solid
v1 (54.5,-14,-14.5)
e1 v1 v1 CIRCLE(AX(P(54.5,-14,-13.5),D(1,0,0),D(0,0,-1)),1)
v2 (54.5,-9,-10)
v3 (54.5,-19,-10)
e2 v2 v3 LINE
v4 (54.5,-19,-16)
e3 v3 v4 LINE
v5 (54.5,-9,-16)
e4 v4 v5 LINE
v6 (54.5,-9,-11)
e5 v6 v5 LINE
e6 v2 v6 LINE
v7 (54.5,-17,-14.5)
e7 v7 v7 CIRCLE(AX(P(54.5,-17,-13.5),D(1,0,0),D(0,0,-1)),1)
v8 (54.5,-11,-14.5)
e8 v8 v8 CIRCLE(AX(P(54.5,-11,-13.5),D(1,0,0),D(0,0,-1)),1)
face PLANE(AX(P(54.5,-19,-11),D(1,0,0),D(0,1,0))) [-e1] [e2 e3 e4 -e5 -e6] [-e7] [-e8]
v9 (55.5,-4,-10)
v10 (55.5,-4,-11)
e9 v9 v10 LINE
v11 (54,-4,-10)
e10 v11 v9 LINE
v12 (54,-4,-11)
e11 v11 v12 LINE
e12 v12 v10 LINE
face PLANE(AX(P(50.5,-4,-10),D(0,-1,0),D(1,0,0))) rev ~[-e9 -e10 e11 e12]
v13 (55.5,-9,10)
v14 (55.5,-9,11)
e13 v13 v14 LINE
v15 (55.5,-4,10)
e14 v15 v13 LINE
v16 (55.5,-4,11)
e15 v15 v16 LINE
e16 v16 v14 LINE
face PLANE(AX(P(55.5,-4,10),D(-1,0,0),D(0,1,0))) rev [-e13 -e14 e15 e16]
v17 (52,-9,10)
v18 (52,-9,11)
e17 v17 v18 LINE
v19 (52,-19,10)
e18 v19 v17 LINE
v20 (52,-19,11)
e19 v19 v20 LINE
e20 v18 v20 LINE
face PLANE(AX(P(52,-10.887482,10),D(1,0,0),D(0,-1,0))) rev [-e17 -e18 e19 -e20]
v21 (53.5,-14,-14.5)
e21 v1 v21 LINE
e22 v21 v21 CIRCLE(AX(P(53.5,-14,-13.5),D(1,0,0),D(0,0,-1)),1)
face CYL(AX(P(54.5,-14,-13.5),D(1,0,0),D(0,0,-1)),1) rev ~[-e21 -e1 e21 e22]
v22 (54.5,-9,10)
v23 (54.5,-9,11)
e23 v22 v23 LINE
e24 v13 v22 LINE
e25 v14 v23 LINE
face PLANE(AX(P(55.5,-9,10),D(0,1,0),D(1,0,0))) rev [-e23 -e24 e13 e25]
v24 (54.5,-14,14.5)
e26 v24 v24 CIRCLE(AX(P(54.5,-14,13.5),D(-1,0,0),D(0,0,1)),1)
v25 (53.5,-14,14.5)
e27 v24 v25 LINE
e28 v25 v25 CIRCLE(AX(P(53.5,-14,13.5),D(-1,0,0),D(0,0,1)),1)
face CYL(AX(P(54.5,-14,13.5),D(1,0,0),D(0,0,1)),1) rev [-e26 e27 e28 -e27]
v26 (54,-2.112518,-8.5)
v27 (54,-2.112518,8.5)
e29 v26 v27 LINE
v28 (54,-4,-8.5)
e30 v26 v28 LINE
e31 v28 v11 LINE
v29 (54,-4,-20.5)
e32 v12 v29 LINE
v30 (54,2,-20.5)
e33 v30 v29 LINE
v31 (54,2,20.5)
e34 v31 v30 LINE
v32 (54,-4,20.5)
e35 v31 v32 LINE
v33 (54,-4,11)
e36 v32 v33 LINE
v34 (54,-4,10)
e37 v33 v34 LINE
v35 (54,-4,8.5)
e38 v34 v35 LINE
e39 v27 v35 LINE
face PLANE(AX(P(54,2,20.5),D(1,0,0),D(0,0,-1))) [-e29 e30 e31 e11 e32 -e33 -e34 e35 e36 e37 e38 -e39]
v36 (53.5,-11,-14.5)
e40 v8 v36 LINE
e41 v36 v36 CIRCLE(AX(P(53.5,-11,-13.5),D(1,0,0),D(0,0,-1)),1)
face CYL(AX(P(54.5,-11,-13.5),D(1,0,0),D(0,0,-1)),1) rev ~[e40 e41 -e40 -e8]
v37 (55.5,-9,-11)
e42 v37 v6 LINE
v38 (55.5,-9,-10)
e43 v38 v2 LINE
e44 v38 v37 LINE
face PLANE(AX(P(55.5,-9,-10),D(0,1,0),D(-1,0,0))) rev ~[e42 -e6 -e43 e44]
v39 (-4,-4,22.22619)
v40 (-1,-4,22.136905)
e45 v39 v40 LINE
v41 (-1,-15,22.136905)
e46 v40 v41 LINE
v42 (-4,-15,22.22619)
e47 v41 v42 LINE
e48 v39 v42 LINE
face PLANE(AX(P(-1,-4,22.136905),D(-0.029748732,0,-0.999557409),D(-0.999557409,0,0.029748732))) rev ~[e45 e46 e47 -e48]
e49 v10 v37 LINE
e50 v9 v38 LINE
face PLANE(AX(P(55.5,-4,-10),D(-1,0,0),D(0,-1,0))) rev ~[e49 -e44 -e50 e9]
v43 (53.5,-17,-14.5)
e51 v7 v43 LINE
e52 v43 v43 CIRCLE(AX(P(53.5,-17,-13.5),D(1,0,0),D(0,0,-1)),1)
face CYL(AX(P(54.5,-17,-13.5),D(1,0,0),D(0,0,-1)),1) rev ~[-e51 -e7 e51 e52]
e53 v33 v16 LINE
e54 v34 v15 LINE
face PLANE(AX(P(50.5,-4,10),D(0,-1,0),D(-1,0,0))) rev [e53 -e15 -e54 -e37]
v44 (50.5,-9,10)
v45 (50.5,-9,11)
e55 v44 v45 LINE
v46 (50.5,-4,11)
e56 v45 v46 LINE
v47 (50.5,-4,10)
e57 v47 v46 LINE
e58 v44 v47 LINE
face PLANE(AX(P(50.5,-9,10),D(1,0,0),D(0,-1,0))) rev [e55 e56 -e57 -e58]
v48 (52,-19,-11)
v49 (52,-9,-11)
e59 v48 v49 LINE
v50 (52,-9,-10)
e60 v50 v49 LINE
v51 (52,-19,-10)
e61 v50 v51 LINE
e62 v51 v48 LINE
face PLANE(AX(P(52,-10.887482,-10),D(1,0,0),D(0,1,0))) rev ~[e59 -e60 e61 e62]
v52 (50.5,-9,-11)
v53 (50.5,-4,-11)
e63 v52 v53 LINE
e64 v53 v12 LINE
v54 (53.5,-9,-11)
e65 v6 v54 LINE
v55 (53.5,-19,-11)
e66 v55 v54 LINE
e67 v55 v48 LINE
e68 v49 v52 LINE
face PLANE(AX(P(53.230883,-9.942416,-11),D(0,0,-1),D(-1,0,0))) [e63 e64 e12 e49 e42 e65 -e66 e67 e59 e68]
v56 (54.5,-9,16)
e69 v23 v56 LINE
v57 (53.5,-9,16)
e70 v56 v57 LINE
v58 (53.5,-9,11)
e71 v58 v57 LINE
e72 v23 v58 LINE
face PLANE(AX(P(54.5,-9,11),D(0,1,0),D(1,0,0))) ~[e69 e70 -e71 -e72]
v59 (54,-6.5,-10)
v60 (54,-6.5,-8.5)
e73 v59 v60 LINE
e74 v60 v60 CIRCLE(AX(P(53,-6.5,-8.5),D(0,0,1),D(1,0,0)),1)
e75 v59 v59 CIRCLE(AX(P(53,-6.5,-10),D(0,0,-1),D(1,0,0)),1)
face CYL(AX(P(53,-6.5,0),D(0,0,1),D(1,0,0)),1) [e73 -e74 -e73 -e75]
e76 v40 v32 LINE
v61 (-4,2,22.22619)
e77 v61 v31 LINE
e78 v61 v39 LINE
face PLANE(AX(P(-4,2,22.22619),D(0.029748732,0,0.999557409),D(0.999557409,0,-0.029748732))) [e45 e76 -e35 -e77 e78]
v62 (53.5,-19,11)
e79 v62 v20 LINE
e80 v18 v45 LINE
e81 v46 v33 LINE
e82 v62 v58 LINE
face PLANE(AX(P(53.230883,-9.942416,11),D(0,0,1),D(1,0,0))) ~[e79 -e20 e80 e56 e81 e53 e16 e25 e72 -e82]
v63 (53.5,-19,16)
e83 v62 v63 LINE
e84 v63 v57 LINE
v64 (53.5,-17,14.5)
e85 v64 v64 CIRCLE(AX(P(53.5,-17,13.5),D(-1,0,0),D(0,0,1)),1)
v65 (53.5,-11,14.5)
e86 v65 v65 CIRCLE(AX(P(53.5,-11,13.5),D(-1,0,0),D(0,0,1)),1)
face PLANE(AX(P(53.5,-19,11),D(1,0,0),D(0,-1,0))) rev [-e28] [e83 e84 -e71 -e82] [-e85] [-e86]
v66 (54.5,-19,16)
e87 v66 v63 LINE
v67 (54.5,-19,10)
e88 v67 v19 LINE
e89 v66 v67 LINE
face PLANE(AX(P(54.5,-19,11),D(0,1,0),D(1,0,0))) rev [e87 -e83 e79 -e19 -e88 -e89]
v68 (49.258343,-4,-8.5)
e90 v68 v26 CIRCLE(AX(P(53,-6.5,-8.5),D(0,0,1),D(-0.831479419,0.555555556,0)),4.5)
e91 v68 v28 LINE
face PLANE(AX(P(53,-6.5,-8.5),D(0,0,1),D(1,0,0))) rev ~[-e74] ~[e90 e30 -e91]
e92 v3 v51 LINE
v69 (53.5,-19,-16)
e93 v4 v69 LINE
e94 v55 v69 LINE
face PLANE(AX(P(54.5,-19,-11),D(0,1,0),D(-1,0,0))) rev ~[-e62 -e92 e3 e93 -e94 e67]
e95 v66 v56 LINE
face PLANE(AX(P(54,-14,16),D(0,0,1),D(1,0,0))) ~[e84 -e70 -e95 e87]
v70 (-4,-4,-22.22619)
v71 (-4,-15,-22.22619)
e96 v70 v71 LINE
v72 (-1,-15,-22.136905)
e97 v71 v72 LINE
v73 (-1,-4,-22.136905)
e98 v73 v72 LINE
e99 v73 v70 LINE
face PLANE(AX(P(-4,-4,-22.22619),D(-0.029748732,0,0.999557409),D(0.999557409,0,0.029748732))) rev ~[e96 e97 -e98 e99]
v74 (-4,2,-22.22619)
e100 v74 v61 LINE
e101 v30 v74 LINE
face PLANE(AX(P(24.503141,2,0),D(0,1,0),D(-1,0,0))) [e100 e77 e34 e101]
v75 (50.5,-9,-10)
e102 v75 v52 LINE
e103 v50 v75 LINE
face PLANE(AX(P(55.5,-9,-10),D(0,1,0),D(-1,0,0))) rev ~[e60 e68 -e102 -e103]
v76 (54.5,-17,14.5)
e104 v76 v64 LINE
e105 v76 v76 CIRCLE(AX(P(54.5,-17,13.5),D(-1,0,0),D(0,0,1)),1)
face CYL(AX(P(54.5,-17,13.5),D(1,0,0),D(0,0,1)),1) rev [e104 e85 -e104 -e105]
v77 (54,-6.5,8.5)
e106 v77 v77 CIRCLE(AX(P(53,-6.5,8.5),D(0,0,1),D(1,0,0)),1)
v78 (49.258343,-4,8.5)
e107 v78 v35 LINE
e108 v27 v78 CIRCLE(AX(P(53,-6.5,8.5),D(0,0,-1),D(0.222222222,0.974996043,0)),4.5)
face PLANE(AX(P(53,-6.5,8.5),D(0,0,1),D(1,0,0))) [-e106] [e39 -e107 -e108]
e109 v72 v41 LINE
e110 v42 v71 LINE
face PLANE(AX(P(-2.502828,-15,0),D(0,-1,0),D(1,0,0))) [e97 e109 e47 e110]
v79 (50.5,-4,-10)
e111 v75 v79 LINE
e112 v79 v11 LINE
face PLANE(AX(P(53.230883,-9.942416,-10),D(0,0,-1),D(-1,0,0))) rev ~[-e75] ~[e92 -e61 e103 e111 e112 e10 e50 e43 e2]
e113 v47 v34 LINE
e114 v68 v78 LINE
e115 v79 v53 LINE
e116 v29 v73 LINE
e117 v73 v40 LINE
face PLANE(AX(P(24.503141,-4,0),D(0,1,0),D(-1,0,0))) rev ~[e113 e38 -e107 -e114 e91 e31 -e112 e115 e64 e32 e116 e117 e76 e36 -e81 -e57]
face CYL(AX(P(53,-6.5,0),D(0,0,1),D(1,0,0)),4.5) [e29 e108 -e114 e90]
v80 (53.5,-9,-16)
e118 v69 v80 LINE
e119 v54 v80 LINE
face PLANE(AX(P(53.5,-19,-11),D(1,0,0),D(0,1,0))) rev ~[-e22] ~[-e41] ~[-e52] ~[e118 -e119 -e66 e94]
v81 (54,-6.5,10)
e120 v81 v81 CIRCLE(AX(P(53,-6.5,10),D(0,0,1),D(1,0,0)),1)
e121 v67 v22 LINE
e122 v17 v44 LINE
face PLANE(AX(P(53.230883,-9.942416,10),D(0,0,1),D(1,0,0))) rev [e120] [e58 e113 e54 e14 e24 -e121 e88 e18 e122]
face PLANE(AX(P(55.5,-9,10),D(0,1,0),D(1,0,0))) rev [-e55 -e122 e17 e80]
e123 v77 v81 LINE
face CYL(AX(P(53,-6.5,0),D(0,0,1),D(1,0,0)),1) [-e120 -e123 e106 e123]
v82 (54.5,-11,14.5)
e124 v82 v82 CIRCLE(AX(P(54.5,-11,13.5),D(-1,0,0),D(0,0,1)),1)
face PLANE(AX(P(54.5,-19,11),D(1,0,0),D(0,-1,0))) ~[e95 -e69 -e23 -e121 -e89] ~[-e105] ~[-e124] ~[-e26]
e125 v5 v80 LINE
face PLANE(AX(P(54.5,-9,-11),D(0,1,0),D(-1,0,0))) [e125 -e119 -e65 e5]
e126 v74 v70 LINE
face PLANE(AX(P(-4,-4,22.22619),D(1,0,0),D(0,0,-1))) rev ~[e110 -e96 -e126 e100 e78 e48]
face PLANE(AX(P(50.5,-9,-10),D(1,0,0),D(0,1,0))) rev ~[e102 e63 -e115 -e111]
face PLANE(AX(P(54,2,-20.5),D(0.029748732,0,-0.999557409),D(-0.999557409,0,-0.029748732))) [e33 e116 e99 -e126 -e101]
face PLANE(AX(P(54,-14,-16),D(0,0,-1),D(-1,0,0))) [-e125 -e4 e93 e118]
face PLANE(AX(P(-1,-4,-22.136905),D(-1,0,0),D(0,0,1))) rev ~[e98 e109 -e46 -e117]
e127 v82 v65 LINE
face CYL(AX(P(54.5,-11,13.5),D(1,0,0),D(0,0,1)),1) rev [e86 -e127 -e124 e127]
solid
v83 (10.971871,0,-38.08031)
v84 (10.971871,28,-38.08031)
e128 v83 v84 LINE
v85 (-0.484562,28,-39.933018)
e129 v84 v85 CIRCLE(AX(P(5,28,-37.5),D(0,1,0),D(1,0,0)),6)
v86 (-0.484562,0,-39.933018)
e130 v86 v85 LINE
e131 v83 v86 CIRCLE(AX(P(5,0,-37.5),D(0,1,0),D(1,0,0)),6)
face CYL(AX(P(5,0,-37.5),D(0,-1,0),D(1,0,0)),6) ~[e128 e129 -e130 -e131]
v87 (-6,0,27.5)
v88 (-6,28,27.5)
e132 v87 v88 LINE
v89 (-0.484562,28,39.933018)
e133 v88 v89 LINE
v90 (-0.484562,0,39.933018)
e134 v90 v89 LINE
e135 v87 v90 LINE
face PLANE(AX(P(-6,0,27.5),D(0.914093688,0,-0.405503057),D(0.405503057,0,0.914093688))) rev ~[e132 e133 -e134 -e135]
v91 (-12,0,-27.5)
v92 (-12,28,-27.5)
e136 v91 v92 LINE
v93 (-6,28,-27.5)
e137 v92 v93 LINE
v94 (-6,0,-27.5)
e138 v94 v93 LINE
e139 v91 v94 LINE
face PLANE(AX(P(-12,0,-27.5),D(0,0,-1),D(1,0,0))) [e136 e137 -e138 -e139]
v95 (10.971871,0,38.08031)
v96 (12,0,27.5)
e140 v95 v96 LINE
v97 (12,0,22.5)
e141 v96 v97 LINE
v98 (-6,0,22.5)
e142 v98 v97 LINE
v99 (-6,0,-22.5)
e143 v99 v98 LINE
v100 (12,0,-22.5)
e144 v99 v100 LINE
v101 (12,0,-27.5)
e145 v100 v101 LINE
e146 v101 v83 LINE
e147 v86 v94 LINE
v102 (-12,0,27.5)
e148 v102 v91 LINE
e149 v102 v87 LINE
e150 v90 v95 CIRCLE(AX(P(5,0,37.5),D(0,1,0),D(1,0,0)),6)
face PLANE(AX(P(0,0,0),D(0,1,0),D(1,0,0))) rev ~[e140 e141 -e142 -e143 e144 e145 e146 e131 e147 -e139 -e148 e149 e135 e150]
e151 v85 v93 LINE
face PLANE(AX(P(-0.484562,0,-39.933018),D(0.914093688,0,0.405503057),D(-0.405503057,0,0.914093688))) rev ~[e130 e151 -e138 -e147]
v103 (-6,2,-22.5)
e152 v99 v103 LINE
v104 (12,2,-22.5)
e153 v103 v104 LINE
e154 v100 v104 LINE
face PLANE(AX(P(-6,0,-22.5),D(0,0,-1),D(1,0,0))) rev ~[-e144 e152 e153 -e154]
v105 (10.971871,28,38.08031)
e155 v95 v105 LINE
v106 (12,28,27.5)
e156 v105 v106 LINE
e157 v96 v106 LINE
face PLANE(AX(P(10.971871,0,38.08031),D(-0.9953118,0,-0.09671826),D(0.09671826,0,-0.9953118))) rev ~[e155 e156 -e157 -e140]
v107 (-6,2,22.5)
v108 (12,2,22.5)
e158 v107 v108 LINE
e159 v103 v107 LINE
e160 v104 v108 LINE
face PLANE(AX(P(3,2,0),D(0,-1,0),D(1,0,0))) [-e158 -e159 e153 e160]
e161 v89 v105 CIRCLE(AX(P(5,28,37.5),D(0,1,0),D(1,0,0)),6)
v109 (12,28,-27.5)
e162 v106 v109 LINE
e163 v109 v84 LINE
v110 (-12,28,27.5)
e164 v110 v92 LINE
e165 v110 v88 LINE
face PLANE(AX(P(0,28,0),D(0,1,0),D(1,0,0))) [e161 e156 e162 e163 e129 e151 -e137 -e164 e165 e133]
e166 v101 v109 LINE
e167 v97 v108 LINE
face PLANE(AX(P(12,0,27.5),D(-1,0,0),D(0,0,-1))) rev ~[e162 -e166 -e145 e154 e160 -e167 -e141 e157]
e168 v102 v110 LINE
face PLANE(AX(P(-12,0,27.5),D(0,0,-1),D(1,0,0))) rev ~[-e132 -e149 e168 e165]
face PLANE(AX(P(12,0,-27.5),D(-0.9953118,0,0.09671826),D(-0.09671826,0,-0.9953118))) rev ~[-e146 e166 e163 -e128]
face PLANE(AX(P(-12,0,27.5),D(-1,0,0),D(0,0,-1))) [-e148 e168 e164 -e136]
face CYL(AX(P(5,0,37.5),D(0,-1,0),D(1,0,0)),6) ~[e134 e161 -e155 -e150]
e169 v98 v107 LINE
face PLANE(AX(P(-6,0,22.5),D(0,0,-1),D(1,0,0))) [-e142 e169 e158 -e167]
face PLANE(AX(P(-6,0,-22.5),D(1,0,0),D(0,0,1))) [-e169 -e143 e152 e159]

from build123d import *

# Parameters (mm, degrees)
SKETCH_1_W          = 24
SKETCH_1_H          = 55
SKETCH_1_R          = 6
EXTRUDE_1_DEPTH     = 28
SKETCH_2_W          = 18
SKETCH_2_H          = 45
CUT_EXTRUDE_1_DEPTH = 2
EXTRUDE_2_DEPTH     = 6
EXTRUDE_3_DEPTH     = 11
SKETCH_5_R          = 4.5
EXTRUDE_4_DEPTH     = 8.5
SKETCH_7_R          = 1
EXTRUDE_5_DEPTH     = 11
EXTRUDE_START       = 1.5
SKETCH_8_R          = 1
EXTRUDE_6_DEPTH     = 1
SKETCH_9_W          = 1
SKETCH_9_H          = 10
EXTRUDE_7_DEPTH     = 5
SKETCH_10_R         = 1
CUT_EXTRUDE_2_DEPTH = 1


with BuildPart() as part:
    # Эскиз1 → Бобышка-Вытянуть1 (new body)
    with BuildSketch(Plane(origin=(0, 0, 0), x_dir=(1, 0, 0), z_dir=(0, 1, 0))):
        Rectangle(SKETCH_1_W, SKETCH_1_H)
        with Locations((5, 37.5)):
            Circle(SKETCH_1_R)
        with BuildLine():
            Line((10.971870797, -38.080309558), (12, -27.5))
            Line((12, -27.5), (-6, -27.5))
            Line((-6, -27.5), (-0.484562129, -39.933018342))
            ThreePointArc((-0.484562129, -39.933018342), (3.75649141, -31.630273738), (11, -37.5))
            ThreePointArc((11, -37.5), (10.992963573, -37.790495454), (10.971870797, -38.080309558))
        make_face()
        with Locations((5, -37.5)):
            Circle(SKETCH_1_R)
        with BuildLine():
            Line((-6, 27.5), (12, 27.5))
            Line((12, 27.5), (10.971870797, 38.080309558))
            ThreePointArc((10.971870797, 38.080309558), (10.992963573, 37.790495454), (11, 37.5))
            ThreePointArc((11, 37.5), (3.75649141, 31.630273738), (-0.484562129, 39.933018342))
            Line((-0.484562129, 39.933018342), (-6, 27.5))
        make_face()
    extrude(amount=EXTRUDE_1_DEPTH)

    # Эскиз2 → Вырез-Вытянуть1 (cut)
    with BuildSketch(Plane.XZ):
        with Locations((3, 0)):
            Rectangle(SKETCH_2_W, SKETCH_2_H)
    extrude(amount=-CUT_EXTRUDE_1_DEPTH, mode=Mode.SUBTRACT)


with BuildPart() as body_2:
    # Эскиз3 → Бобышка-Вытянуть2 (new body)
    with BuildSketch(Plane.XZ.offset(-2)):
        Polygon((-4, 22.226190476), (54, 20.5), (54, -20.5), (-4, -22.226190476), align=None)
    extrude(amount=EXTRUDE_2_DEPTH)

    # Эскиз4 → Бобышка-Вытянуть3 (add)
    with BuildSketch(Plane.XZ.offset(4)):
        Polygon((-1, 22.136904762), (-4, 22.226190476), (-4, -22.226190476), (-1, -22.136904762), align=None)
    extrude(amount=EXTRUDE_3_DEPTH)

    # Эскиз5 → Бобышка-Вытянуть4 (add, symmetric)
    with BuildSketch(Plane.XY):
        with Locations((53, -6.5)):
            Circle(SKETCH_5_R)
    extrude(amount=EXTRUDE_4_DEPTH, both=True)

    # Эскиз7 → Бобышка-Вытянуть5 (add, symmetric)
    with BuildSketch(Plane.XY):
        with Locations((53, -6.5)):
            Circle(SKETCH_7_R)
    extrude(amount=EXTRUDE_5_DEPTH, both=True)

    # Эскиз8 → Бобышка-Вытянуть6 (add)
    # profile 1 of 3: a face of its own
    with BuildSketch(Plane(origin=(0, 0, -8.5), x_dir=(-1, 0, 0), z_dir=(0, 0, -1)).offset(EXTRUDE_START)):
        with BuildLine():
            Line((-52, -9), (-54.5, -9))
            Line((-54.5, -9), (-54.5, -10.742640687))
            ThreePointArc((-54.5, -10.742640687), (-53.260278246, -10.992466498), (-52, -10.887482194))
            Line((-52, -10.887482194), (-52, -9))
        make_face()
    # profile 2 of 3: a face of its own
    with BuildSketch(Plane(origin=(0, 0, -8.5), x_dir=(-1, 0, 0), z_dir=(0, 0, -1)).offset(EXTRUDE_START)):
        Polygon((-55.5, -9), (-54.5, -9), (-52, -9), (-50.5, -9), (-50.5, -4), (-54, -4), (-55.5, -4), align=None)
        with Locations((-53, -6.5)):
            Circle(SKETCH_8_R, mode=Mode.SUBTRACT)
    # profile 3 of 3: a face of its own
    with BuildSketch(Plane(origin=(0, 0, -8.5), x_dir=(-1, 0, 0), z_dir=(0, 0, -1)).offset(EXTRUDE_START)):
        with BuildLine():
            ThreePointArc((-52, -10.887482194), (-53.260278246, -10.992466498), (-54.5, -10.742640687))
            Line((-54.5, -10.742640687), (-54.5, -19))
            Line((-54.5, -19), (-52, -19))
            Line((-52, -19), (-52, -10.887482194))
        make_face()
    extrude_6 = extrude(amount=EXTRUDE_6_DEPTH)

    # Зеркальное отражение1: Бобышка-Вытянуть6 across plane
    add(extrude_6.mirror(Plane.XY))

    # Эскиз9 → Бобышка-Вытянуть7 (add)
    with BuildSketch(Plane(origin=(0, 0, -11), x_dir=(-1, 0, 0), z_dir=(0, 0, -1))):
        with Locations((-54, -14)):
            Rectangle(SKETCH_9_W, SKETCH_9_H)
    extrude_7 = extrude(amount=EXTRUDE_7_DEPTH)

    # Зеркальное отражение2: Бобышка-Вытянуть7 across plane
    add(extrude_7.mirror(Plane.XY))

    # Эскиз10 → Вырез-Вытянуть2 (cut)
    with BuildSketch(Plane(origin=(54.5, 0, 0), x_dir=(0, 0, -1), z_dir=(1, 0, 0))):
        with Locations((13.5, -11)):
            Circle(SKETCH_10_R)
        with Locations((13.5, -14)):
            Circle(SKETCH_10_R)
        with Locations((13.5, -17)):
            Circle(SKETCH_10_R)
    cut_extrude_2 = extrude(amount=-CUT_EXTRUDE_2_DEPTH, mode=Mode.SUBTRACT)

    # Зеркальное отражение3: Вырез-Вытянуть2 across plane
    add(cut_extrude_2.mirror(Plane.XY), mode=Mode.SUBTRACT)


solid = Compound([part.part, body_2.part])
